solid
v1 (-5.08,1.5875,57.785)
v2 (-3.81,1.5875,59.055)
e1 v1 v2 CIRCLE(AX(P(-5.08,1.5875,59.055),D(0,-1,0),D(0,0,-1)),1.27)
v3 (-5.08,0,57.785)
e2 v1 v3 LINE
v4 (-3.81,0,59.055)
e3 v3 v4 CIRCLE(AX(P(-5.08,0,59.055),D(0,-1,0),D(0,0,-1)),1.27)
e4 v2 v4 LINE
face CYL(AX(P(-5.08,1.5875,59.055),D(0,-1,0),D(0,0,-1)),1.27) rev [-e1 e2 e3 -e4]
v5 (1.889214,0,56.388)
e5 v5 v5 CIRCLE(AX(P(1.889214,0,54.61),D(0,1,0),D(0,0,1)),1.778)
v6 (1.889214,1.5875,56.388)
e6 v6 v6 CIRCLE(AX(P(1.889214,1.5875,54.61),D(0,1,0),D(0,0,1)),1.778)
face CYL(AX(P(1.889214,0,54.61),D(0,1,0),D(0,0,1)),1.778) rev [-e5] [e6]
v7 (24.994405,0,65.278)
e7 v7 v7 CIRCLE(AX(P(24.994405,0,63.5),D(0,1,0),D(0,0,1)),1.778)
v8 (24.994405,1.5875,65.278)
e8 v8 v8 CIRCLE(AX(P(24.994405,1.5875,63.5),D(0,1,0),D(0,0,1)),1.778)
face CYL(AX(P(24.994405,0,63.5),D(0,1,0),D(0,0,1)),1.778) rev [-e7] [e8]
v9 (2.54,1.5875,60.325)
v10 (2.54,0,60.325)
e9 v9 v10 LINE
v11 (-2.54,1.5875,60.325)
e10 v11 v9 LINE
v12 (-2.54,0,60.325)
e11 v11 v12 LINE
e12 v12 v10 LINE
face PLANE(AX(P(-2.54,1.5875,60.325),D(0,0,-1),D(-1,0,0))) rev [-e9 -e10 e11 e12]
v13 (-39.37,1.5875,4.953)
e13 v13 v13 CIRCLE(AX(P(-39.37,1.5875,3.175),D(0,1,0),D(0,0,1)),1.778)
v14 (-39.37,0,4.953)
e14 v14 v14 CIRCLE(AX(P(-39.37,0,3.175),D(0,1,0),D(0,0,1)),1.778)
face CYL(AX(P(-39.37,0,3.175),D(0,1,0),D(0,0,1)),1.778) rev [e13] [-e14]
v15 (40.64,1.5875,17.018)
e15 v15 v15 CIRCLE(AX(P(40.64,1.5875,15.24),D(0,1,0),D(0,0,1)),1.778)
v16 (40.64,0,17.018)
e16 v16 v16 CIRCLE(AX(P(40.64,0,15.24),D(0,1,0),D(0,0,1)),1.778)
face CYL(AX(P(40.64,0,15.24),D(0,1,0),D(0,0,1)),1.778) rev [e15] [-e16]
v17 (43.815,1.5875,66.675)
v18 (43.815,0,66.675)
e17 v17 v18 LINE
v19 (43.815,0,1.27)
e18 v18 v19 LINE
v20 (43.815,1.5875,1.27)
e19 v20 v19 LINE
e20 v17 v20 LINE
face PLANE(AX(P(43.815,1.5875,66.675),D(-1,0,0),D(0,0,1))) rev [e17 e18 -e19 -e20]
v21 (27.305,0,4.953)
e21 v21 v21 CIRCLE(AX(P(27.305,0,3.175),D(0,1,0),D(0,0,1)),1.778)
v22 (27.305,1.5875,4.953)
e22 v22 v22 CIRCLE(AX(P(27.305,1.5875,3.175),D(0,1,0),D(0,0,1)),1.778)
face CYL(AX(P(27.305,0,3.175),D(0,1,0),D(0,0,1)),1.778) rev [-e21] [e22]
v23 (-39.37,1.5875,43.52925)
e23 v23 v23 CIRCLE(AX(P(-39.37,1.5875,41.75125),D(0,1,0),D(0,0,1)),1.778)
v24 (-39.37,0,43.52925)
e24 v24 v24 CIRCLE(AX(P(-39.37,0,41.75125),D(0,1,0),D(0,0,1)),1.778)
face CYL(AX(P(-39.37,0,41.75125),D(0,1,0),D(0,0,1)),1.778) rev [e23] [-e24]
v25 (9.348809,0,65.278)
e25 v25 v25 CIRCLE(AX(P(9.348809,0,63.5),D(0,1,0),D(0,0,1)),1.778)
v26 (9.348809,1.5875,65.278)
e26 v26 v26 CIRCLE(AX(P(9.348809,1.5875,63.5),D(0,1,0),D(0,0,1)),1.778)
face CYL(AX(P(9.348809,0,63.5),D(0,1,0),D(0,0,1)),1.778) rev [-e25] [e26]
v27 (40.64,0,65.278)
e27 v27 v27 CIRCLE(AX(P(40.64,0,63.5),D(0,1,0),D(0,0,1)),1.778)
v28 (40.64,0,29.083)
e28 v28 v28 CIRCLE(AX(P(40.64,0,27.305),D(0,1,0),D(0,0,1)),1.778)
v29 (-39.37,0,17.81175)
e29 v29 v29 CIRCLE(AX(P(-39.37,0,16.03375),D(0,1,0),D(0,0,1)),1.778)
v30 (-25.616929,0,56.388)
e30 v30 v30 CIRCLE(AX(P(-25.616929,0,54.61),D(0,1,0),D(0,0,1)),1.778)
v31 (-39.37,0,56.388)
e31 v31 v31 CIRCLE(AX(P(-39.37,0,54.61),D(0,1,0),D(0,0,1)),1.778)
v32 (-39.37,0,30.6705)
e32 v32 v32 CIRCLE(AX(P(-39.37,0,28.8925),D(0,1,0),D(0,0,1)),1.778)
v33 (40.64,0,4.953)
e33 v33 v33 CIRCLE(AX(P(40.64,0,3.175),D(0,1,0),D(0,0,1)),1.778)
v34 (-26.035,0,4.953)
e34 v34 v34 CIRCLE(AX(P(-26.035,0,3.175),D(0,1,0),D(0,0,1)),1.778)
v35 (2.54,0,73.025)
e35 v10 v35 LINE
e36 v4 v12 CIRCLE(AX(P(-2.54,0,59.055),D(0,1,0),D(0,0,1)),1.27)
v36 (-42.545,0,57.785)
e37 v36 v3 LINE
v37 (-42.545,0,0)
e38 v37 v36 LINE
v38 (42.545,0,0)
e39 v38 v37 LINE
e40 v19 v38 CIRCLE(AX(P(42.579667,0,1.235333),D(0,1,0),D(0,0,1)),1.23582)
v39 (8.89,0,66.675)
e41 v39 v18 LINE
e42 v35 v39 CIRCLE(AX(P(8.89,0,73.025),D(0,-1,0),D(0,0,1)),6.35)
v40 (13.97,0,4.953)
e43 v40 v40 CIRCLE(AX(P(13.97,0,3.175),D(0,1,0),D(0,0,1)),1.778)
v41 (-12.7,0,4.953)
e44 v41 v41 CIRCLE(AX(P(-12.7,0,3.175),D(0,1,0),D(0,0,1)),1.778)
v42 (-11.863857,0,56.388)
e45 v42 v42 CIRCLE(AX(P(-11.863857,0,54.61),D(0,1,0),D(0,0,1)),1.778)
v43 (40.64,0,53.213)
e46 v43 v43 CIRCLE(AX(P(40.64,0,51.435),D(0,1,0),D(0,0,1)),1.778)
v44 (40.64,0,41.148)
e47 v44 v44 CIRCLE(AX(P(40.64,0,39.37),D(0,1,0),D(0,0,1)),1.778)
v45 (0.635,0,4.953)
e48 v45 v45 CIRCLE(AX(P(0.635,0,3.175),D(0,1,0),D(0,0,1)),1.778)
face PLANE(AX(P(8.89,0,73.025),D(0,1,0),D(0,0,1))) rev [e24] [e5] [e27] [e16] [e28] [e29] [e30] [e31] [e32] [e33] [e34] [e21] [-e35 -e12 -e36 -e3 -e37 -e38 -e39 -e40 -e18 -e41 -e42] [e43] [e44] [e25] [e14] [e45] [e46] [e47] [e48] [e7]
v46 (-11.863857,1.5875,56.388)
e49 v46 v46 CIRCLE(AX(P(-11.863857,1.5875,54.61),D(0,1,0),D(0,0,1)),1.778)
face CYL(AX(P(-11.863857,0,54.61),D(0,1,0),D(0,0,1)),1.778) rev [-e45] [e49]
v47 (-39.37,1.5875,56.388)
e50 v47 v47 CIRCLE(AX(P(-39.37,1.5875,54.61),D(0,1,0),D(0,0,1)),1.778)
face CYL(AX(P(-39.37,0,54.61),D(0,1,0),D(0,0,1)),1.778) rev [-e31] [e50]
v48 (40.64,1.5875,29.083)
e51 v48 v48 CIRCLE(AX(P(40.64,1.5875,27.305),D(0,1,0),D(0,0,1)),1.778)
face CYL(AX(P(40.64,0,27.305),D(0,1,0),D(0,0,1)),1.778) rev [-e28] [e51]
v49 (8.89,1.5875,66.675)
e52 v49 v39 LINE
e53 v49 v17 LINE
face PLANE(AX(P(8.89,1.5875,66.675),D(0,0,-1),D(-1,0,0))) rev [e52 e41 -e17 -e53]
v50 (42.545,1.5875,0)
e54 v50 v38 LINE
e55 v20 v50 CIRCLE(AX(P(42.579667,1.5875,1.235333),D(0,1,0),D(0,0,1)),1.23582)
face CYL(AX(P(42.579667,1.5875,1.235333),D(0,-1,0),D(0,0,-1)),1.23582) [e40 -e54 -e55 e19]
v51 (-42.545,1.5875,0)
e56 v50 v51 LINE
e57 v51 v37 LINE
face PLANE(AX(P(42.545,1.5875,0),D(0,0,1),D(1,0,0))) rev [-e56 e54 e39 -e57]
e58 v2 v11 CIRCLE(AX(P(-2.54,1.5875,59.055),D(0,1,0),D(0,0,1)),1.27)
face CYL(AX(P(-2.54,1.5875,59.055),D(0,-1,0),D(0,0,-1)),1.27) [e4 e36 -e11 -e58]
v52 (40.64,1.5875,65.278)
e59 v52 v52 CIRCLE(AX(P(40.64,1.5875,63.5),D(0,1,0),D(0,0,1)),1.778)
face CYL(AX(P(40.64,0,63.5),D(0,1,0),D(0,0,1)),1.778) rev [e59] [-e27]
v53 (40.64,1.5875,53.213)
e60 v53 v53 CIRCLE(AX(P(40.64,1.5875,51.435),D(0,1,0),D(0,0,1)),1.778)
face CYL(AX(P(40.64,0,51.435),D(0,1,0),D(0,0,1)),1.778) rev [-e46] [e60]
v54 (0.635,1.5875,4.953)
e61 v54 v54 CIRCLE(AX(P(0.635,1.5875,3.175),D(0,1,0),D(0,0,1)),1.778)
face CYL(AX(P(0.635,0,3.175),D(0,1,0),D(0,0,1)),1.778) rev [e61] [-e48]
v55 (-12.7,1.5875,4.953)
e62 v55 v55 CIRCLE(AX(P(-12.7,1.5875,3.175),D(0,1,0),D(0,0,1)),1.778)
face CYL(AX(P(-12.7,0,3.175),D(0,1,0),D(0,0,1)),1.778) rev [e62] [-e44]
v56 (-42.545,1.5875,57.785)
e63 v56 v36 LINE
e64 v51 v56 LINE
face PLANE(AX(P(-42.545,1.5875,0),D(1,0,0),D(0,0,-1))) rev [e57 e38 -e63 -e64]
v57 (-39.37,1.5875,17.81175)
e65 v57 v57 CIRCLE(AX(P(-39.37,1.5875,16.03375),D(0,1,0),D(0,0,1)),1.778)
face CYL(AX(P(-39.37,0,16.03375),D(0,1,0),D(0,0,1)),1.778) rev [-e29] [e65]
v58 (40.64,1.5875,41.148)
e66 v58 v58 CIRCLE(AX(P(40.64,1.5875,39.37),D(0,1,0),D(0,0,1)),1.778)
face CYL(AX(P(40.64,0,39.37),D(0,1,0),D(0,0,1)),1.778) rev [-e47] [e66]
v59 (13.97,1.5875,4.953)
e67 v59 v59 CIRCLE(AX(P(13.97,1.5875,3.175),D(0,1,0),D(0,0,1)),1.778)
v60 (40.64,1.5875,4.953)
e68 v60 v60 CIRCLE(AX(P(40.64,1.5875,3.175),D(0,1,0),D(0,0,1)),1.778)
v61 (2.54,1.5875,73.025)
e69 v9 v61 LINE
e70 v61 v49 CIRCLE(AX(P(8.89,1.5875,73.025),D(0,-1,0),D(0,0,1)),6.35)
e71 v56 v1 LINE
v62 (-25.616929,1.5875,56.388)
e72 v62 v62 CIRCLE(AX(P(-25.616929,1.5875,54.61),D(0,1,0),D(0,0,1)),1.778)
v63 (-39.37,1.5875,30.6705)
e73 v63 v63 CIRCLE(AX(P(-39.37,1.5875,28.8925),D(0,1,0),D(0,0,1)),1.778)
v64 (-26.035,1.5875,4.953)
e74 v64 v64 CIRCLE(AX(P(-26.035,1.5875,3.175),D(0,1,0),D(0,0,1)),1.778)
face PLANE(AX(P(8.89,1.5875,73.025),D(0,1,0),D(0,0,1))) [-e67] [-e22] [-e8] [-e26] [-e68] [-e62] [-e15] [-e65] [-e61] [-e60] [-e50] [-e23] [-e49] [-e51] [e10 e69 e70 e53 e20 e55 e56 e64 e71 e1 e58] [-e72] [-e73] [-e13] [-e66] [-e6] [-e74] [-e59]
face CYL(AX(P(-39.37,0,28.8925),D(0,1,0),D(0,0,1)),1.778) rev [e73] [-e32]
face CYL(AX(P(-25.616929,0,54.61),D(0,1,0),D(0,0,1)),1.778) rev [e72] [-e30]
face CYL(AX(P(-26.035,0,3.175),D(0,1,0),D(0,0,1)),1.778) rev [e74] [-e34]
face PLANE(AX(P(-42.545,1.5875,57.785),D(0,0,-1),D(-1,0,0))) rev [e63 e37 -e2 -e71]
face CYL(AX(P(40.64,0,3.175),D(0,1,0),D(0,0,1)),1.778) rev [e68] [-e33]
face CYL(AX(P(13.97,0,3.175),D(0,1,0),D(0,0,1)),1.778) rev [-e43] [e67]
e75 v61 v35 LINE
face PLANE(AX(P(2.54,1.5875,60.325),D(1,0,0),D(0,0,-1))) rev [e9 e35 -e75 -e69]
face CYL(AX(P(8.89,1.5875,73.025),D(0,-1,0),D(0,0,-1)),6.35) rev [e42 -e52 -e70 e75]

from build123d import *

# Parameters (mm, degrees)
BOSS_EXTRUDE1_DEPTH     = 1.5875
SKETCH2_R               = 1.778
CUT_EXTRUDE1_DEPTH      = 1
CUT_EXTRUDE1_DEPTH_BACK = 2.5875


with BuildPart() as part:
    # Sketch1 → Boss-Extrude1 (new body)
    with BuildSketch(Plane(origin=(0, 0, 0), x_dir=(1, 0, 0), z_dir=(0, 1, 0))):
        with BuildLine():
            Line((8.89, -66.675), (43.815, -66.675))
            Line((43.815, -66.675), (43.815, -1.27))
            ThreePointArc((43.815, -1.27), (43.453523156, -0.361476844), (42.545, 0))
            Line((42.545, 0), (-42.545, 0))
            Line((-42.545, 0), (-42.545, -57.785))
            Line((-42.545, -57.785), (-5.08, -57.785))
            ThreePointArc((-5.08, -57.785), (-4.181974388, -58.156974388), (-3.81, -59.055))
            ThreePointArc((-3.81, -59.055), (-3.438025612, -59.953025612), (-2.54, -60.325))
            Line((-2.54, -60.325), (2.54, -60.325))
            Line((2.54, -60.325), (2.54, -73.025))
            ThreePointArc((2.54, -73.025), (4.399871939, -68.534871939), (8.89, -66.675))
        make_face()
    extrude(amount=BOSS_EXTRUDE1_DEPTH)

    # Sketch2 → Cut-Extrude1 (cut, two sides)
    with BuildSketch(Plane(origin=(0, 1.5875, 0), x_dir=(-1, 0, 0), z_dir=(0, 1, 0))) as cut_extrude1_sk:
        with Locations((39.37, 3.175)):
            Circle(SKETCH2_R)
        with Locations((26.035, 3.175)):
            Circle(SKETCH2_R)
        with Locations((12.7, 3.175)):
            Circle(SKETCH2_R)
        with Locations((-0.635, 3.175)):
            Circle(SKETCH2_R)
        with Locations((-13.97, 3.175)):
            Circle(SKETCH2_R)
        with Locations((-27.305, 3.175)):
            Circle(SKETCH2_R)
        with Locations((-40.64, 3.175)):
            Circle(SKETCH2_R)
        with Locations((39.37, 16.03375)):
            Circle(SKETCH2_R)
        with Locations((39.37, 28.8925)):
            Circle(SKETCH2_R)
        with Locations((39.37, 41.75125)):
            Circle(SKETCH2_R)
        with Locations((-40.64, 15.24)):
            Circle(SKETCH2_R)
        with Locations((-40.64, 27.305)):
            Circle(SKETCH2_R)
        with Locations((-40.64, 39.37)):
            Circle(SKETCH2_R)
        with Locations((-40.64, 51.435)):
            Circle(SKETCH2_R)
        with Locations((-40.64, 63.5)):
            Circle(SKETCH2_R)
        with Locations((-24.994404736, 63.5)):
            Circle(SKETCH2_R)
        with Locations((-9.348809473, 63.5)):
            Circle(SKETCH2_R)
        with Locations((-1.889213751, 54.61)):
            Circle(SKETCH2_R)
        with Locations((11.863857499, 54.61)):
            Circle(SKETCH2_R)
        with Locations((25.61692875, 54.61)):
            Circle(SKETCH2_R)
        with Locations((39.37, 54.61)):
            Circle(SKETCH2_R)
    extrude(amount=CUT_EXTRUDE1_DEPTH, mode=Mode.SUBTRACT)
    extrude(cut_extrude1_sk.sketch, amount=-CUT_EXTRUDE1_DEPTH_BACK, mode=Mode.SUBTRACT)


solid = part.part
